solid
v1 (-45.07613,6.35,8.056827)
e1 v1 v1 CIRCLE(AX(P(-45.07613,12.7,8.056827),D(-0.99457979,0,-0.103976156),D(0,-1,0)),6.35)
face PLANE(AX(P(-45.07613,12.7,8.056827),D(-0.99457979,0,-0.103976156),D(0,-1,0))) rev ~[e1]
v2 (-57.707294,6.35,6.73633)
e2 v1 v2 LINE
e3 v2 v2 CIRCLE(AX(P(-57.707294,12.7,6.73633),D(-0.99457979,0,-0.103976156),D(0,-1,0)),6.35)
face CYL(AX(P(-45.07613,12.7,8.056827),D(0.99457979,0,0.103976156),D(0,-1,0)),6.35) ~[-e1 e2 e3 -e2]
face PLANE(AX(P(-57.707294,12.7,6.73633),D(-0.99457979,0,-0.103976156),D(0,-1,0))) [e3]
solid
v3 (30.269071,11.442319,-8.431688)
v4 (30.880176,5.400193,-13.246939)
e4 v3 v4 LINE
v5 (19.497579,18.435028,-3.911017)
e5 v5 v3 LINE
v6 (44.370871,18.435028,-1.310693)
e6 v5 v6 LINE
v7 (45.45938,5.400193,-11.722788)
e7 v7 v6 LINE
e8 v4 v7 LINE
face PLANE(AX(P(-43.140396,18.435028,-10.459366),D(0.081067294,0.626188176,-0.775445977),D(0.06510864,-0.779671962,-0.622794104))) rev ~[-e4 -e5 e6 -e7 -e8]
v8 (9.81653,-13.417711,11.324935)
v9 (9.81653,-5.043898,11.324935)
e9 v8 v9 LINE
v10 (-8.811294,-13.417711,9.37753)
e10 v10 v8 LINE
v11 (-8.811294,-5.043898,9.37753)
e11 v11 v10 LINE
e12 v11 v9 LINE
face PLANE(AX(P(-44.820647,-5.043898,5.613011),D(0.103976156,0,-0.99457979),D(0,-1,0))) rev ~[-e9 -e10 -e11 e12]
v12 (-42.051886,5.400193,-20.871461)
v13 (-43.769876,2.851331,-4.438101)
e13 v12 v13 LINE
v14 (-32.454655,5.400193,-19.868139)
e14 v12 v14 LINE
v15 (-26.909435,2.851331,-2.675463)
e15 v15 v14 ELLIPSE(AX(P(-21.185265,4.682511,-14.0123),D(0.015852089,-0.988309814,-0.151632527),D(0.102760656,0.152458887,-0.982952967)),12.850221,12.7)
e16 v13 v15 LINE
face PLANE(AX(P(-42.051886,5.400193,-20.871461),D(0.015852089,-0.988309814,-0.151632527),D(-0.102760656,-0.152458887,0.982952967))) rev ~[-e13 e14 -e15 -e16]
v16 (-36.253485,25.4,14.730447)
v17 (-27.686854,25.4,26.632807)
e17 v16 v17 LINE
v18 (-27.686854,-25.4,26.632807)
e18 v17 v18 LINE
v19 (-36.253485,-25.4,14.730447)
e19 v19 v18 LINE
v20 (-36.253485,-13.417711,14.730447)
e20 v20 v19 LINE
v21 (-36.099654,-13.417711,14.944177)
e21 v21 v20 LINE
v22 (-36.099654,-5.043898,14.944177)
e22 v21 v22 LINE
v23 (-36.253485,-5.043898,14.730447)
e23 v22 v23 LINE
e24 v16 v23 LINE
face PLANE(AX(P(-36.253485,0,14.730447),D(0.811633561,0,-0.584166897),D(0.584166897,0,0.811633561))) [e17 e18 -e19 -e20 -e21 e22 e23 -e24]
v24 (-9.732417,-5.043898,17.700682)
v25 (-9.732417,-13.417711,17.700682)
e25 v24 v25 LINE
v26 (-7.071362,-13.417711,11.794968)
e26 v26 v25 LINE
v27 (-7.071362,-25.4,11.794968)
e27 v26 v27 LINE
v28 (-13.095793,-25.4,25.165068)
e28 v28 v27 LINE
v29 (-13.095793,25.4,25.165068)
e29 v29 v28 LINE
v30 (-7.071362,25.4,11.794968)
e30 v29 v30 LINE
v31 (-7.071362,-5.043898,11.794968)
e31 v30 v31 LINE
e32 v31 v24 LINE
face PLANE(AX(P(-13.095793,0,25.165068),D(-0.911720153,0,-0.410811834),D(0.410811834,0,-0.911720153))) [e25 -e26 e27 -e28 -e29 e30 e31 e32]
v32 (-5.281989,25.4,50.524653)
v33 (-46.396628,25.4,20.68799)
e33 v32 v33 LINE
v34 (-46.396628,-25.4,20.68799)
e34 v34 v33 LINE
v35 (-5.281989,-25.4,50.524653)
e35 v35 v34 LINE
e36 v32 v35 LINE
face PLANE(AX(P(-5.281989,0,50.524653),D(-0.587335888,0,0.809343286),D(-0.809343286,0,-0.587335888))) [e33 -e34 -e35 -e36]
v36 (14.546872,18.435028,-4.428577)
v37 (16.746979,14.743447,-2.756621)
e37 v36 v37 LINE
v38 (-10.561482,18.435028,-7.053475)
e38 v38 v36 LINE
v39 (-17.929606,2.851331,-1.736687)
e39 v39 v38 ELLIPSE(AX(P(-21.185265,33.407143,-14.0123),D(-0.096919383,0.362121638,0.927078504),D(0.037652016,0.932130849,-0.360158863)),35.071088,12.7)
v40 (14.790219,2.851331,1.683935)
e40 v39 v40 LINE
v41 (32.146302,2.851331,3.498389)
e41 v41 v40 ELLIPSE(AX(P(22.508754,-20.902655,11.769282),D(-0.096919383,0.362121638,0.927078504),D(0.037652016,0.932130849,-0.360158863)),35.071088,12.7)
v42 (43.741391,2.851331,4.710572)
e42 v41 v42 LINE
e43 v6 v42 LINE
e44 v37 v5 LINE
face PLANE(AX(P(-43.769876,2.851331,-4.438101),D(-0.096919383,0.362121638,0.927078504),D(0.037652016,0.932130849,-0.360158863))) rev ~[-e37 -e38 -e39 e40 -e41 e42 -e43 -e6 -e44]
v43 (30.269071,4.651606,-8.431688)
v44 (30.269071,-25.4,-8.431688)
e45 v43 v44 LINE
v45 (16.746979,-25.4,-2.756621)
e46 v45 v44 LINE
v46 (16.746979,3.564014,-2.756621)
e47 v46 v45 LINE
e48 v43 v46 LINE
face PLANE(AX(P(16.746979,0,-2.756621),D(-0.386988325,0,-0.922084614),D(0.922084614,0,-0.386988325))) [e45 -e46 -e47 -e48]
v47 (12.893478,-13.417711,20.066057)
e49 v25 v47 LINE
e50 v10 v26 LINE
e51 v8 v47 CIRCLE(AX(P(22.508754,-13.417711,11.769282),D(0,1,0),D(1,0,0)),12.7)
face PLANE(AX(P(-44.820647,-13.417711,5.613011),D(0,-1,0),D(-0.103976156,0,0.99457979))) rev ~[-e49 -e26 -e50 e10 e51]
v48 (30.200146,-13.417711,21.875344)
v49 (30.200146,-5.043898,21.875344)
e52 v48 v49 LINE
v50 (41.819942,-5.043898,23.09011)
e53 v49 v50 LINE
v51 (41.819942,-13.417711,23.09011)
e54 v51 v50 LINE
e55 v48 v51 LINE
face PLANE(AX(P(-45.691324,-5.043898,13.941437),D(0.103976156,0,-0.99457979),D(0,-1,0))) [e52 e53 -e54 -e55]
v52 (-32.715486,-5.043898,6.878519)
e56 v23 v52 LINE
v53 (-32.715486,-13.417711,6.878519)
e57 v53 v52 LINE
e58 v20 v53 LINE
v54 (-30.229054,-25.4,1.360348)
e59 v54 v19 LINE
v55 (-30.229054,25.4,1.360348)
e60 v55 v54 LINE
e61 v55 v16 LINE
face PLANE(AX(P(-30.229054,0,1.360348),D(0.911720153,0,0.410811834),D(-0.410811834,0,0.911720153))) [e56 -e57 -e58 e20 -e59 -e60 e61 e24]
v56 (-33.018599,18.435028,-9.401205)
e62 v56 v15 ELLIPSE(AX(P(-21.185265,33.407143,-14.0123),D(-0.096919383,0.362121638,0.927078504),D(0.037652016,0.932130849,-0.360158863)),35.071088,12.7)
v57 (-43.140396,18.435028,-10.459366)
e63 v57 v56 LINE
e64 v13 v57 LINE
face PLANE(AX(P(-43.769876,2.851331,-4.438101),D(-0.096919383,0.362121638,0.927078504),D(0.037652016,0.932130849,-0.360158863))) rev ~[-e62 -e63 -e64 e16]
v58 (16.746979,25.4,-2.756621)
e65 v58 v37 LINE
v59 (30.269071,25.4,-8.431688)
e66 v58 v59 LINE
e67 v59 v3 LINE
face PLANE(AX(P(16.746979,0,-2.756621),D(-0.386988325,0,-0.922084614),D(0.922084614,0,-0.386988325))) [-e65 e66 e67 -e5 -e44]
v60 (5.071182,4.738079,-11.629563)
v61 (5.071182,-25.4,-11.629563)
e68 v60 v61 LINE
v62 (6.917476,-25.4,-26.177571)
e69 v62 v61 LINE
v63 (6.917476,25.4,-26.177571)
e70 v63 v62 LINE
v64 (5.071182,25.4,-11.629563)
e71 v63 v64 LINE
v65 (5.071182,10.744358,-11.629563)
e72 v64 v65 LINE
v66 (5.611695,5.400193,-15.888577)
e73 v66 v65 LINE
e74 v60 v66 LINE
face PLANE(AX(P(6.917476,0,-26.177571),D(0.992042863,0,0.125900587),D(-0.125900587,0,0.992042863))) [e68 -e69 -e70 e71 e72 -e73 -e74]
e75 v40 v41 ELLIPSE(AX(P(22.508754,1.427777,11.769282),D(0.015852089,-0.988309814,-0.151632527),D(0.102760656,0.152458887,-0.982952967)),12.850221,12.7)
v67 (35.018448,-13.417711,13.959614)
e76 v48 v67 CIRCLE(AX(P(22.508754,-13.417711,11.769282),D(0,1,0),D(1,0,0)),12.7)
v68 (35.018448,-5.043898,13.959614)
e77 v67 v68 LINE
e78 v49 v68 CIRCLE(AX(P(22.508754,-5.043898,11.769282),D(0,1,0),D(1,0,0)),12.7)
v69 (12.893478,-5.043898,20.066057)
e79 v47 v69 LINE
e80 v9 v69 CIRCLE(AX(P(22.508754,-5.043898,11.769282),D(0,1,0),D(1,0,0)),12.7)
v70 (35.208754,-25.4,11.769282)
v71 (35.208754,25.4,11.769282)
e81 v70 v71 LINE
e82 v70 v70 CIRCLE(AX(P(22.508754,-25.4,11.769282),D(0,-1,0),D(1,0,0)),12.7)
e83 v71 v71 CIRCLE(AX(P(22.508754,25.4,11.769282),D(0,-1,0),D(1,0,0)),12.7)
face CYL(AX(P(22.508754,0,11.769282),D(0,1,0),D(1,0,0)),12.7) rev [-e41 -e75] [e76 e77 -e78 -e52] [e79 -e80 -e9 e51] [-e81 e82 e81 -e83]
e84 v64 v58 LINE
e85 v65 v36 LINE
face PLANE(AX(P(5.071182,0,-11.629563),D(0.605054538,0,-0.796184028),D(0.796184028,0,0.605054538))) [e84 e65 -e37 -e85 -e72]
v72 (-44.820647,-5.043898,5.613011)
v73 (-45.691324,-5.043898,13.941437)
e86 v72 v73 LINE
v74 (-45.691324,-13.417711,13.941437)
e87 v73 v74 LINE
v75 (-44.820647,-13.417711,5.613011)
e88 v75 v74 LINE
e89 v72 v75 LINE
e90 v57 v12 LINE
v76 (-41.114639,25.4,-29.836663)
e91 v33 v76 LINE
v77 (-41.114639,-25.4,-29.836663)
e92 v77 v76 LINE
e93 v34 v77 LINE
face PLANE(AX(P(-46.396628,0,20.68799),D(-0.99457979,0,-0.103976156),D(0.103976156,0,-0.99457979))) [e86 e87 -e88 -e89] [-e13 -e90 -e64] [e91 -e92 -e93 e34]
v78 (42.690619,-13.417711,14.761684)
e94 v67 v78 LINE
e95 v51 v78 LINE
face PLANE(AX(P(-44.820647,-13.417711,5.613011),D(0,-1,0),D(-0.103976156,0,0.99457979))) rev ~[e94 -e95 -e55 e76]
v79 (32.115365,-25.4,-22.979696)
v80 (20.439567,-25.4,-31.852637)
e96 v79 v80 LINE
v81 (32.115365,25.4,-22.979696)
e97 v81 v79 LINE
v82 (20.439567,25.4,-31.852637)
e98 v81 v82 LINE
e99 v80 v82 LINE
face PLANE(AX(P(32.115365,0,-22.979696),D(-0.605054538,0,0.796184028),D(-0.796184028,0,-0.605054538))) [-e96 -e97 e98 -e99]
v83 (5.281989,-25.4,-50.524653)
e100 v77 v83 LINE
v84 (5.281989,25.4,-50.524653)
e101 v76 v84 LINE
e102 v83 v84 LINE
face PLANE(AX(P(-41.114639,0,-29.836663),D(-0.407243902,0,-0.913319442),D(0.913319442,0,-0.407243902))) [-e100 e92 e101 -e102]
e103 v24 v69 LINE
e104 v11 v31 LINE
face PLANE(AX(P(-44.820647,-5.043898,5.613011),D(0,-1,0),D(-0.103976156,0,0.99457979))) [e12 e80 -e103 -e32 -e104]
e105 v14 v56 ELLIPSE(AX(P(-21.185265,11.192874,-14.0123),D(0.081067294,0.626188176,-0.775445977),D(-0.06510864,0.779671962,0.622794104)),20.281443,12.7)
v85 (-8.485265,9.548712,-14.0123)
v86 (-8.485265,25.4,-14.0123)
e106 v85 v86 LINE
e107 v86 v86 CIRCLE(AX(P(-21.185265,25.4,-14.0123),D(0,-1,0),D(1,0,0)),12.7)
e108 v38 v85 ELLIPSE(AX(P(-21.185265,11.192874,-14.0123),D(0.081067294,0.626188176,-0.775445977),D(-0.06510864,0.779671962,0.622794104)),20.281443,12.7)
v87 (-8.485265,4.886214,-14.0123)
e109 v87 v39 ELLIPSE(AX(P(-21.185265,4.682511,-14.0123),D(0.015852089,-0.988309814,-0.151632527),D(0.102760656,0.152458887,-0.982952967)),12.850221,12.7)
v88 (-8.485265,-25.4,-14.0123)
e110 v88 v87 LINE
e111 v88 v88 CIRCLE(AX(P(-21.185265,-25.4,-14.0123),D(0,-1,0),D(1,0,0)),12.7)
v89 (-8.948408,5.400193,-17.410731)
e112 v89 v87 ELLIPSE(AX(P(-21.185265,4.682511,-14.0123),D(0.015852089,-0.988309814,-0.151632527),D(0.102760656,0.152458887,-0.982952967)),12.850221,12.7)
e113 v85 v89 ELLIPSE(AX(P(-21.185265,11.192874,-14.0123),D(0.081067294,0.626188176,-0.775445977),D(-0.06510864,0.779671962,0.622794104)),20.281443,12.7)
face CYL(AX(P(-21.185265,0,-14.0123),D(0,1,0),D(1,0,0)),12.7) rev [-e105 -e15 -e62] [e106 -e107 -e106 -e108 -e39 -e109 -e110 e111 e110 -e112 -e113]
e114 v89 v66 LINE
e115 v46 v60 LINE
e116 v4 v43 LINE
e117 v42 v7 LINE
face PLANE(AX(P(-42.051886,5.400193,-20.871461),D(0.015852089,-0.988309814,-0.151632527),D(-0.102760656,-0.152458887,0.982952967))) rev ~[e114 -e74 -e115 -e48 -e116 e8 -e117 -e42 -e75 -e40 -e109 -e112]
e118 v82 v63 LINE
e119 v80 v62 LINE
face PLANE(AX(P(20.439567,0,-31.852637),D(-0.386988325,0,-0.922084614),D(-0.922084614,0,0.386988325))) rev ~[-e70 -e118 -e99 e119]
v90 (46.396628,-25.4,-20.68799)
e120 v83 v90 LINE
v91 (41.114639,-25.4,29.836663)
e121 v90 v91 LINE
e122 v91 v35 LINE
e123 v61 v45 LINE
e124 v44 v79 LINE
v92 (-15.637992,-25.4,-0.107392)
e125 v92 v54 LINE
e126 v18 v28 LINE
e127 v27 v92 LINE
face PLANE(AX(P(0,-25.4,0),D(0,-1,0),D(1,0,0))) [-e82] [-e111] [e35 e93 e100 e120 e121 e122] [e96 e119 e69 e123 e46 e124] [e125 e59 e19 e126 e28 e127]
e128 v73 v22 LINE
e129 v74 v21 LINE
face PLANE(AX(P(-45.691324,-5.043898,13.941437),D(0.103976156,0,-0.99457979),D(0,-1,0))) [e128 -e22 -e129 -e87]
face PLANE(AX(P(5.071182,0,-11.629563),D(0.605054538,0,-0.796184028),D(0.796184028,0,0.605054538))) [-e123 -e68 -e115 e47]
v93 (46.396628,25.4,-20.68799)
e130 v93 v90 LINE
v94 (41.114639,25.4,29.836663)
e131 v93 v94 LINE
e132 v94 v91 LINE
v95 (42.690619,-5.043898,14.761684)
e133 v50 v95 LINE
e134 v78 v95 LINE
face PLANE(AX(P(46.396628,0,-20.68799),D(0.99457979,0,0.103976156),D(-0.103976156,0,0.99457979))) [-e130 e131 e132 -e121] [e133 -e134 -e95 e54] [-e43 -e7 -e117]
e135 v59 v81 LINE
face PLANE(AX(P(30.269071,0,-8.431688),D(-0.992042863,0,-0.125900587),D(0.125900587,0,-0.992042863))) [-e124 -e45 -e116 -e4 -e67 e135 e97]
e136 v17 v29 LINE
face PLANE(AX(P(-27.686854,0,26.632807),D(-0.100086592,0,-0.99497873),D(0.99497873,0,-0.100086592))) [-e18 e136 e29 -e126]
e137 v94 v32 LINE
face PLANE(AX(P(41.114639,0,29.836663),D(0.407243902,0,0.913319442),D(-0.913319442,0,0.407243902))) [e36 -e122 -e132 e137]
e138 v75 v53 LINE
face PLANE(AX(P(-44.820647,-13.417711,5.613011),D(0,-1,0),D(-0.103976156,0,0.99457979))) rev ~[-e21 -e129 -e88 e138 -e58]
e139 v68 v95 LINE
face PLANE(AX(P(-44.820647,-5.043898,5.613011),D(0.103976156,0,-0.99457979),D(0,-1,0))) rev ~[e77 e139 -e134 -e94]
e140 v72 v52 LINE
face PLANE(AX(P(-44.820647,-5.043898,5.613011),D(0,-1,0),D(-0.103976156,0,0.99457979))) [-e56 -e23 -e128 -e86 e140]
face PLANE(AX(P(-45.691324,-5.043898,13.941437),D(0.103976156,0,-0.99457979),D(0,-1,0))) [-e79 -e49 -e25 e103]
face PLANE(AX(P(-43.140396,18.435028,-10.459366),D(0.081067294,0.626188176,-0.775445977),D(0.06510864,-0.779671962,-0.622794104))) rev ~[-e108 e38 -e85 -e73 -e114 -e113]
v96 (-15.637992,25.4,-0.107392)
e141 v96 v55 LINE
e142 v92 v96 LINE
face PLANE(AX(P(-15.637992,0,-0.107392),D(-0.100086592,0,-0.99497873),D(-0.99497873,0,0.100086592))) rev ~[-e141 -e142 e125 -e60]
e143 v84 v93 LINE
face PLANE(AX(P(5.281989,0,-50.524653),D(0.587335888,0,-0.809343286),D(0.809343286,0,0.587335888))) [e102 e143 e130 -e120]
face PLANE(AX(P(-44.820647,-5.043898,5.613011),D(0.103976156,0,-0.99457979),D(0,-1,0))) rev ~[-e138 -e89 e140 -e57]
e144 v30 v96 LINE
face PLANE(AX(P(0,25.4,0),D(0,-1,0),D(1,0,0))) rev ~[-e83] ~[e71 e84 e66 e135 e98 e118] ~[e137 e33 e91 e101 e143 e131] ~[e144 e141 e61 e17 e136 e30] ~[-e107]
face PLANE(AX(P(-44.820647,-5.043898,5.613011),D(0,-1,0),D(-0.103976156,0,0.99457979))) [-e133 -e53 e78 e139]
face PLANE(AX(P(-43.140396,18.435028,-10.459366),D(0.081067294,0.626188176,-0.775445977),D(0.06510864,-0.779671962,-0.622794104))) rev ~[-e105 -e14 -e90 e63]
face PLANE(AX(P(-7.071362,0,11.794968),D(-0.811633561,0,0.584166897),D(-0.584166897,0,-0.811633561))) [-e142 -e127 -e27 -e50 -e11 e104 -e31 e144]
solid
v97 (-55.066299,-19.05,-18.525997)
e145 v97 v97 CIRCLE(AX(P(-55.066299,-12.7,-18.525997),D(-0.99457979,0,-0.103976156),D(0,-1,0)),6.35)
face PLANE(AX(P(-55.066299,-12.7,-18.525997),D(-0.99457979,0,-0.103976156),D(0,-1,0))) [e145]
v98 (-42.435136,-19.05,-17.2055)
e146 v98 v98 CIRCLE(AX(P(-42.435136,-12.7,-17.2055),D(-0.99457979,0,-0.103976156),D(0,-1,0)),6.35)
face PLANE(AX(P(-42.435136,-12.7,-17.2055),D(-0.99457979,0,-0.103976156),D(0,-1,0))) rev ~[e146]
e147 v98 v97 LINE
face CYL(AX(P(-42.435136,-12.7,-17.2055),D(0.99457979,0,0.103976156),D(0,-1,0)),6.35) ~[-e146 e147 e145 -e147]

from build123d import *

# Parameters (mm, degrees)
F0_R     = 12.7
F1_DEPTH = 25.4
F2_W     = 8.3738137037
F2_H     = 8.3738137037
F3_DEPTH = 95.393597984
F4_R     = 6.35
F5_DEPTH = 12.7


with BuildPart() as f1:
    # F0 (on Front) → F1 (new body, symmetric)
    with BuildSketch(Plane.XZ):
        Polygon((5.2819887405, -50.5246533382), (46.3966276785, -20.6879902374), (41.1146389381, 29.8366631009), (-5.2819887405, 50.5246533382), (-46.3966276785, 20.6879902374), (-41.1146389381, -29.8366631009), align=None)
        with Locations((-21.185264774, -14.0123001843)):
            Circle(F0_R, mode=Mode.SUBTRACT)
        Polygon((30.2690706552, -8.4316877652), (32.1153645894, -22.9796956027), (20.4395671947, -31.8526369714), (6.9174758659, -26.1775705025), (5.0711819316, -11.6295626649), (16.7469793263, -2.7566212963), align=None, mode=Mode.SUBTRACT)
        Polygon((-13.0957929031, 25.1650677821), (-7.071361904, 11.7949681389), (-15.6379923466, -0.1073919713), (-30.2290537883, 1.3603475617), (-36.2534847874, 14.730447205), (-27.6868543448, 26.6328073152), align=None, mode=Mode.SUBTRACT)
        with Locations((22.5087539272, 11.7692819085)):
            Circle(F0_R, mode=Mode.SUBTRACT)
    extrude(amount=F1_DEPTH, both=True)

    # F2 (on face) → F3 (cut, through all)
    with BuildSketch(Plane(origin=(-43.7556333083, 0, -4.5743364318), x_dir=(0, -1, 0), z_dir=(-0.9945797901, 0, -0.1039761563))):
        with Locations((9.2308046296, 14.429773204)):
            Rectangle(F2_W, F2_H)
        Polygon((-18.4350283168, -5.9171013498), (-5.4001929887, -16.3859397209), (-2.8513306752, 0.136977993), align=None)
    extrude(amount=-F3_DEPTH, mode=Mode.SUBTRACT)


with BuildPart() as f5:
    # F4 (on face) → F5 (new body)
    with BuildSketch(Plane(origin=(-43.7556333083, 0, -4.5743364318), x_dir=(0, -1, 0), z_dir=(-0.9945797901, 0, -0.1039761563))):
        with Locations((-12.7, 12.7)):
            Circle(F4_R)
    extrude(amount=F5_DEPTH)


with BuildPart() as f5b:
    # F4 (on face) → F5, piece 2 (new body)
    with BuildSketch(Plane(origin=(-43.7556333083, 0, -4.5743364318), x_dir=(0, -1, 0), z_dir=(-0.9945797901, 0, -0.1039761563))):
        with Locations((12.7, -12.7)):
            Circle(F4_R)
    extrude(amount=F5_DEPTH)


solid = Compound([f1.part, f5.part, f5b.part])
